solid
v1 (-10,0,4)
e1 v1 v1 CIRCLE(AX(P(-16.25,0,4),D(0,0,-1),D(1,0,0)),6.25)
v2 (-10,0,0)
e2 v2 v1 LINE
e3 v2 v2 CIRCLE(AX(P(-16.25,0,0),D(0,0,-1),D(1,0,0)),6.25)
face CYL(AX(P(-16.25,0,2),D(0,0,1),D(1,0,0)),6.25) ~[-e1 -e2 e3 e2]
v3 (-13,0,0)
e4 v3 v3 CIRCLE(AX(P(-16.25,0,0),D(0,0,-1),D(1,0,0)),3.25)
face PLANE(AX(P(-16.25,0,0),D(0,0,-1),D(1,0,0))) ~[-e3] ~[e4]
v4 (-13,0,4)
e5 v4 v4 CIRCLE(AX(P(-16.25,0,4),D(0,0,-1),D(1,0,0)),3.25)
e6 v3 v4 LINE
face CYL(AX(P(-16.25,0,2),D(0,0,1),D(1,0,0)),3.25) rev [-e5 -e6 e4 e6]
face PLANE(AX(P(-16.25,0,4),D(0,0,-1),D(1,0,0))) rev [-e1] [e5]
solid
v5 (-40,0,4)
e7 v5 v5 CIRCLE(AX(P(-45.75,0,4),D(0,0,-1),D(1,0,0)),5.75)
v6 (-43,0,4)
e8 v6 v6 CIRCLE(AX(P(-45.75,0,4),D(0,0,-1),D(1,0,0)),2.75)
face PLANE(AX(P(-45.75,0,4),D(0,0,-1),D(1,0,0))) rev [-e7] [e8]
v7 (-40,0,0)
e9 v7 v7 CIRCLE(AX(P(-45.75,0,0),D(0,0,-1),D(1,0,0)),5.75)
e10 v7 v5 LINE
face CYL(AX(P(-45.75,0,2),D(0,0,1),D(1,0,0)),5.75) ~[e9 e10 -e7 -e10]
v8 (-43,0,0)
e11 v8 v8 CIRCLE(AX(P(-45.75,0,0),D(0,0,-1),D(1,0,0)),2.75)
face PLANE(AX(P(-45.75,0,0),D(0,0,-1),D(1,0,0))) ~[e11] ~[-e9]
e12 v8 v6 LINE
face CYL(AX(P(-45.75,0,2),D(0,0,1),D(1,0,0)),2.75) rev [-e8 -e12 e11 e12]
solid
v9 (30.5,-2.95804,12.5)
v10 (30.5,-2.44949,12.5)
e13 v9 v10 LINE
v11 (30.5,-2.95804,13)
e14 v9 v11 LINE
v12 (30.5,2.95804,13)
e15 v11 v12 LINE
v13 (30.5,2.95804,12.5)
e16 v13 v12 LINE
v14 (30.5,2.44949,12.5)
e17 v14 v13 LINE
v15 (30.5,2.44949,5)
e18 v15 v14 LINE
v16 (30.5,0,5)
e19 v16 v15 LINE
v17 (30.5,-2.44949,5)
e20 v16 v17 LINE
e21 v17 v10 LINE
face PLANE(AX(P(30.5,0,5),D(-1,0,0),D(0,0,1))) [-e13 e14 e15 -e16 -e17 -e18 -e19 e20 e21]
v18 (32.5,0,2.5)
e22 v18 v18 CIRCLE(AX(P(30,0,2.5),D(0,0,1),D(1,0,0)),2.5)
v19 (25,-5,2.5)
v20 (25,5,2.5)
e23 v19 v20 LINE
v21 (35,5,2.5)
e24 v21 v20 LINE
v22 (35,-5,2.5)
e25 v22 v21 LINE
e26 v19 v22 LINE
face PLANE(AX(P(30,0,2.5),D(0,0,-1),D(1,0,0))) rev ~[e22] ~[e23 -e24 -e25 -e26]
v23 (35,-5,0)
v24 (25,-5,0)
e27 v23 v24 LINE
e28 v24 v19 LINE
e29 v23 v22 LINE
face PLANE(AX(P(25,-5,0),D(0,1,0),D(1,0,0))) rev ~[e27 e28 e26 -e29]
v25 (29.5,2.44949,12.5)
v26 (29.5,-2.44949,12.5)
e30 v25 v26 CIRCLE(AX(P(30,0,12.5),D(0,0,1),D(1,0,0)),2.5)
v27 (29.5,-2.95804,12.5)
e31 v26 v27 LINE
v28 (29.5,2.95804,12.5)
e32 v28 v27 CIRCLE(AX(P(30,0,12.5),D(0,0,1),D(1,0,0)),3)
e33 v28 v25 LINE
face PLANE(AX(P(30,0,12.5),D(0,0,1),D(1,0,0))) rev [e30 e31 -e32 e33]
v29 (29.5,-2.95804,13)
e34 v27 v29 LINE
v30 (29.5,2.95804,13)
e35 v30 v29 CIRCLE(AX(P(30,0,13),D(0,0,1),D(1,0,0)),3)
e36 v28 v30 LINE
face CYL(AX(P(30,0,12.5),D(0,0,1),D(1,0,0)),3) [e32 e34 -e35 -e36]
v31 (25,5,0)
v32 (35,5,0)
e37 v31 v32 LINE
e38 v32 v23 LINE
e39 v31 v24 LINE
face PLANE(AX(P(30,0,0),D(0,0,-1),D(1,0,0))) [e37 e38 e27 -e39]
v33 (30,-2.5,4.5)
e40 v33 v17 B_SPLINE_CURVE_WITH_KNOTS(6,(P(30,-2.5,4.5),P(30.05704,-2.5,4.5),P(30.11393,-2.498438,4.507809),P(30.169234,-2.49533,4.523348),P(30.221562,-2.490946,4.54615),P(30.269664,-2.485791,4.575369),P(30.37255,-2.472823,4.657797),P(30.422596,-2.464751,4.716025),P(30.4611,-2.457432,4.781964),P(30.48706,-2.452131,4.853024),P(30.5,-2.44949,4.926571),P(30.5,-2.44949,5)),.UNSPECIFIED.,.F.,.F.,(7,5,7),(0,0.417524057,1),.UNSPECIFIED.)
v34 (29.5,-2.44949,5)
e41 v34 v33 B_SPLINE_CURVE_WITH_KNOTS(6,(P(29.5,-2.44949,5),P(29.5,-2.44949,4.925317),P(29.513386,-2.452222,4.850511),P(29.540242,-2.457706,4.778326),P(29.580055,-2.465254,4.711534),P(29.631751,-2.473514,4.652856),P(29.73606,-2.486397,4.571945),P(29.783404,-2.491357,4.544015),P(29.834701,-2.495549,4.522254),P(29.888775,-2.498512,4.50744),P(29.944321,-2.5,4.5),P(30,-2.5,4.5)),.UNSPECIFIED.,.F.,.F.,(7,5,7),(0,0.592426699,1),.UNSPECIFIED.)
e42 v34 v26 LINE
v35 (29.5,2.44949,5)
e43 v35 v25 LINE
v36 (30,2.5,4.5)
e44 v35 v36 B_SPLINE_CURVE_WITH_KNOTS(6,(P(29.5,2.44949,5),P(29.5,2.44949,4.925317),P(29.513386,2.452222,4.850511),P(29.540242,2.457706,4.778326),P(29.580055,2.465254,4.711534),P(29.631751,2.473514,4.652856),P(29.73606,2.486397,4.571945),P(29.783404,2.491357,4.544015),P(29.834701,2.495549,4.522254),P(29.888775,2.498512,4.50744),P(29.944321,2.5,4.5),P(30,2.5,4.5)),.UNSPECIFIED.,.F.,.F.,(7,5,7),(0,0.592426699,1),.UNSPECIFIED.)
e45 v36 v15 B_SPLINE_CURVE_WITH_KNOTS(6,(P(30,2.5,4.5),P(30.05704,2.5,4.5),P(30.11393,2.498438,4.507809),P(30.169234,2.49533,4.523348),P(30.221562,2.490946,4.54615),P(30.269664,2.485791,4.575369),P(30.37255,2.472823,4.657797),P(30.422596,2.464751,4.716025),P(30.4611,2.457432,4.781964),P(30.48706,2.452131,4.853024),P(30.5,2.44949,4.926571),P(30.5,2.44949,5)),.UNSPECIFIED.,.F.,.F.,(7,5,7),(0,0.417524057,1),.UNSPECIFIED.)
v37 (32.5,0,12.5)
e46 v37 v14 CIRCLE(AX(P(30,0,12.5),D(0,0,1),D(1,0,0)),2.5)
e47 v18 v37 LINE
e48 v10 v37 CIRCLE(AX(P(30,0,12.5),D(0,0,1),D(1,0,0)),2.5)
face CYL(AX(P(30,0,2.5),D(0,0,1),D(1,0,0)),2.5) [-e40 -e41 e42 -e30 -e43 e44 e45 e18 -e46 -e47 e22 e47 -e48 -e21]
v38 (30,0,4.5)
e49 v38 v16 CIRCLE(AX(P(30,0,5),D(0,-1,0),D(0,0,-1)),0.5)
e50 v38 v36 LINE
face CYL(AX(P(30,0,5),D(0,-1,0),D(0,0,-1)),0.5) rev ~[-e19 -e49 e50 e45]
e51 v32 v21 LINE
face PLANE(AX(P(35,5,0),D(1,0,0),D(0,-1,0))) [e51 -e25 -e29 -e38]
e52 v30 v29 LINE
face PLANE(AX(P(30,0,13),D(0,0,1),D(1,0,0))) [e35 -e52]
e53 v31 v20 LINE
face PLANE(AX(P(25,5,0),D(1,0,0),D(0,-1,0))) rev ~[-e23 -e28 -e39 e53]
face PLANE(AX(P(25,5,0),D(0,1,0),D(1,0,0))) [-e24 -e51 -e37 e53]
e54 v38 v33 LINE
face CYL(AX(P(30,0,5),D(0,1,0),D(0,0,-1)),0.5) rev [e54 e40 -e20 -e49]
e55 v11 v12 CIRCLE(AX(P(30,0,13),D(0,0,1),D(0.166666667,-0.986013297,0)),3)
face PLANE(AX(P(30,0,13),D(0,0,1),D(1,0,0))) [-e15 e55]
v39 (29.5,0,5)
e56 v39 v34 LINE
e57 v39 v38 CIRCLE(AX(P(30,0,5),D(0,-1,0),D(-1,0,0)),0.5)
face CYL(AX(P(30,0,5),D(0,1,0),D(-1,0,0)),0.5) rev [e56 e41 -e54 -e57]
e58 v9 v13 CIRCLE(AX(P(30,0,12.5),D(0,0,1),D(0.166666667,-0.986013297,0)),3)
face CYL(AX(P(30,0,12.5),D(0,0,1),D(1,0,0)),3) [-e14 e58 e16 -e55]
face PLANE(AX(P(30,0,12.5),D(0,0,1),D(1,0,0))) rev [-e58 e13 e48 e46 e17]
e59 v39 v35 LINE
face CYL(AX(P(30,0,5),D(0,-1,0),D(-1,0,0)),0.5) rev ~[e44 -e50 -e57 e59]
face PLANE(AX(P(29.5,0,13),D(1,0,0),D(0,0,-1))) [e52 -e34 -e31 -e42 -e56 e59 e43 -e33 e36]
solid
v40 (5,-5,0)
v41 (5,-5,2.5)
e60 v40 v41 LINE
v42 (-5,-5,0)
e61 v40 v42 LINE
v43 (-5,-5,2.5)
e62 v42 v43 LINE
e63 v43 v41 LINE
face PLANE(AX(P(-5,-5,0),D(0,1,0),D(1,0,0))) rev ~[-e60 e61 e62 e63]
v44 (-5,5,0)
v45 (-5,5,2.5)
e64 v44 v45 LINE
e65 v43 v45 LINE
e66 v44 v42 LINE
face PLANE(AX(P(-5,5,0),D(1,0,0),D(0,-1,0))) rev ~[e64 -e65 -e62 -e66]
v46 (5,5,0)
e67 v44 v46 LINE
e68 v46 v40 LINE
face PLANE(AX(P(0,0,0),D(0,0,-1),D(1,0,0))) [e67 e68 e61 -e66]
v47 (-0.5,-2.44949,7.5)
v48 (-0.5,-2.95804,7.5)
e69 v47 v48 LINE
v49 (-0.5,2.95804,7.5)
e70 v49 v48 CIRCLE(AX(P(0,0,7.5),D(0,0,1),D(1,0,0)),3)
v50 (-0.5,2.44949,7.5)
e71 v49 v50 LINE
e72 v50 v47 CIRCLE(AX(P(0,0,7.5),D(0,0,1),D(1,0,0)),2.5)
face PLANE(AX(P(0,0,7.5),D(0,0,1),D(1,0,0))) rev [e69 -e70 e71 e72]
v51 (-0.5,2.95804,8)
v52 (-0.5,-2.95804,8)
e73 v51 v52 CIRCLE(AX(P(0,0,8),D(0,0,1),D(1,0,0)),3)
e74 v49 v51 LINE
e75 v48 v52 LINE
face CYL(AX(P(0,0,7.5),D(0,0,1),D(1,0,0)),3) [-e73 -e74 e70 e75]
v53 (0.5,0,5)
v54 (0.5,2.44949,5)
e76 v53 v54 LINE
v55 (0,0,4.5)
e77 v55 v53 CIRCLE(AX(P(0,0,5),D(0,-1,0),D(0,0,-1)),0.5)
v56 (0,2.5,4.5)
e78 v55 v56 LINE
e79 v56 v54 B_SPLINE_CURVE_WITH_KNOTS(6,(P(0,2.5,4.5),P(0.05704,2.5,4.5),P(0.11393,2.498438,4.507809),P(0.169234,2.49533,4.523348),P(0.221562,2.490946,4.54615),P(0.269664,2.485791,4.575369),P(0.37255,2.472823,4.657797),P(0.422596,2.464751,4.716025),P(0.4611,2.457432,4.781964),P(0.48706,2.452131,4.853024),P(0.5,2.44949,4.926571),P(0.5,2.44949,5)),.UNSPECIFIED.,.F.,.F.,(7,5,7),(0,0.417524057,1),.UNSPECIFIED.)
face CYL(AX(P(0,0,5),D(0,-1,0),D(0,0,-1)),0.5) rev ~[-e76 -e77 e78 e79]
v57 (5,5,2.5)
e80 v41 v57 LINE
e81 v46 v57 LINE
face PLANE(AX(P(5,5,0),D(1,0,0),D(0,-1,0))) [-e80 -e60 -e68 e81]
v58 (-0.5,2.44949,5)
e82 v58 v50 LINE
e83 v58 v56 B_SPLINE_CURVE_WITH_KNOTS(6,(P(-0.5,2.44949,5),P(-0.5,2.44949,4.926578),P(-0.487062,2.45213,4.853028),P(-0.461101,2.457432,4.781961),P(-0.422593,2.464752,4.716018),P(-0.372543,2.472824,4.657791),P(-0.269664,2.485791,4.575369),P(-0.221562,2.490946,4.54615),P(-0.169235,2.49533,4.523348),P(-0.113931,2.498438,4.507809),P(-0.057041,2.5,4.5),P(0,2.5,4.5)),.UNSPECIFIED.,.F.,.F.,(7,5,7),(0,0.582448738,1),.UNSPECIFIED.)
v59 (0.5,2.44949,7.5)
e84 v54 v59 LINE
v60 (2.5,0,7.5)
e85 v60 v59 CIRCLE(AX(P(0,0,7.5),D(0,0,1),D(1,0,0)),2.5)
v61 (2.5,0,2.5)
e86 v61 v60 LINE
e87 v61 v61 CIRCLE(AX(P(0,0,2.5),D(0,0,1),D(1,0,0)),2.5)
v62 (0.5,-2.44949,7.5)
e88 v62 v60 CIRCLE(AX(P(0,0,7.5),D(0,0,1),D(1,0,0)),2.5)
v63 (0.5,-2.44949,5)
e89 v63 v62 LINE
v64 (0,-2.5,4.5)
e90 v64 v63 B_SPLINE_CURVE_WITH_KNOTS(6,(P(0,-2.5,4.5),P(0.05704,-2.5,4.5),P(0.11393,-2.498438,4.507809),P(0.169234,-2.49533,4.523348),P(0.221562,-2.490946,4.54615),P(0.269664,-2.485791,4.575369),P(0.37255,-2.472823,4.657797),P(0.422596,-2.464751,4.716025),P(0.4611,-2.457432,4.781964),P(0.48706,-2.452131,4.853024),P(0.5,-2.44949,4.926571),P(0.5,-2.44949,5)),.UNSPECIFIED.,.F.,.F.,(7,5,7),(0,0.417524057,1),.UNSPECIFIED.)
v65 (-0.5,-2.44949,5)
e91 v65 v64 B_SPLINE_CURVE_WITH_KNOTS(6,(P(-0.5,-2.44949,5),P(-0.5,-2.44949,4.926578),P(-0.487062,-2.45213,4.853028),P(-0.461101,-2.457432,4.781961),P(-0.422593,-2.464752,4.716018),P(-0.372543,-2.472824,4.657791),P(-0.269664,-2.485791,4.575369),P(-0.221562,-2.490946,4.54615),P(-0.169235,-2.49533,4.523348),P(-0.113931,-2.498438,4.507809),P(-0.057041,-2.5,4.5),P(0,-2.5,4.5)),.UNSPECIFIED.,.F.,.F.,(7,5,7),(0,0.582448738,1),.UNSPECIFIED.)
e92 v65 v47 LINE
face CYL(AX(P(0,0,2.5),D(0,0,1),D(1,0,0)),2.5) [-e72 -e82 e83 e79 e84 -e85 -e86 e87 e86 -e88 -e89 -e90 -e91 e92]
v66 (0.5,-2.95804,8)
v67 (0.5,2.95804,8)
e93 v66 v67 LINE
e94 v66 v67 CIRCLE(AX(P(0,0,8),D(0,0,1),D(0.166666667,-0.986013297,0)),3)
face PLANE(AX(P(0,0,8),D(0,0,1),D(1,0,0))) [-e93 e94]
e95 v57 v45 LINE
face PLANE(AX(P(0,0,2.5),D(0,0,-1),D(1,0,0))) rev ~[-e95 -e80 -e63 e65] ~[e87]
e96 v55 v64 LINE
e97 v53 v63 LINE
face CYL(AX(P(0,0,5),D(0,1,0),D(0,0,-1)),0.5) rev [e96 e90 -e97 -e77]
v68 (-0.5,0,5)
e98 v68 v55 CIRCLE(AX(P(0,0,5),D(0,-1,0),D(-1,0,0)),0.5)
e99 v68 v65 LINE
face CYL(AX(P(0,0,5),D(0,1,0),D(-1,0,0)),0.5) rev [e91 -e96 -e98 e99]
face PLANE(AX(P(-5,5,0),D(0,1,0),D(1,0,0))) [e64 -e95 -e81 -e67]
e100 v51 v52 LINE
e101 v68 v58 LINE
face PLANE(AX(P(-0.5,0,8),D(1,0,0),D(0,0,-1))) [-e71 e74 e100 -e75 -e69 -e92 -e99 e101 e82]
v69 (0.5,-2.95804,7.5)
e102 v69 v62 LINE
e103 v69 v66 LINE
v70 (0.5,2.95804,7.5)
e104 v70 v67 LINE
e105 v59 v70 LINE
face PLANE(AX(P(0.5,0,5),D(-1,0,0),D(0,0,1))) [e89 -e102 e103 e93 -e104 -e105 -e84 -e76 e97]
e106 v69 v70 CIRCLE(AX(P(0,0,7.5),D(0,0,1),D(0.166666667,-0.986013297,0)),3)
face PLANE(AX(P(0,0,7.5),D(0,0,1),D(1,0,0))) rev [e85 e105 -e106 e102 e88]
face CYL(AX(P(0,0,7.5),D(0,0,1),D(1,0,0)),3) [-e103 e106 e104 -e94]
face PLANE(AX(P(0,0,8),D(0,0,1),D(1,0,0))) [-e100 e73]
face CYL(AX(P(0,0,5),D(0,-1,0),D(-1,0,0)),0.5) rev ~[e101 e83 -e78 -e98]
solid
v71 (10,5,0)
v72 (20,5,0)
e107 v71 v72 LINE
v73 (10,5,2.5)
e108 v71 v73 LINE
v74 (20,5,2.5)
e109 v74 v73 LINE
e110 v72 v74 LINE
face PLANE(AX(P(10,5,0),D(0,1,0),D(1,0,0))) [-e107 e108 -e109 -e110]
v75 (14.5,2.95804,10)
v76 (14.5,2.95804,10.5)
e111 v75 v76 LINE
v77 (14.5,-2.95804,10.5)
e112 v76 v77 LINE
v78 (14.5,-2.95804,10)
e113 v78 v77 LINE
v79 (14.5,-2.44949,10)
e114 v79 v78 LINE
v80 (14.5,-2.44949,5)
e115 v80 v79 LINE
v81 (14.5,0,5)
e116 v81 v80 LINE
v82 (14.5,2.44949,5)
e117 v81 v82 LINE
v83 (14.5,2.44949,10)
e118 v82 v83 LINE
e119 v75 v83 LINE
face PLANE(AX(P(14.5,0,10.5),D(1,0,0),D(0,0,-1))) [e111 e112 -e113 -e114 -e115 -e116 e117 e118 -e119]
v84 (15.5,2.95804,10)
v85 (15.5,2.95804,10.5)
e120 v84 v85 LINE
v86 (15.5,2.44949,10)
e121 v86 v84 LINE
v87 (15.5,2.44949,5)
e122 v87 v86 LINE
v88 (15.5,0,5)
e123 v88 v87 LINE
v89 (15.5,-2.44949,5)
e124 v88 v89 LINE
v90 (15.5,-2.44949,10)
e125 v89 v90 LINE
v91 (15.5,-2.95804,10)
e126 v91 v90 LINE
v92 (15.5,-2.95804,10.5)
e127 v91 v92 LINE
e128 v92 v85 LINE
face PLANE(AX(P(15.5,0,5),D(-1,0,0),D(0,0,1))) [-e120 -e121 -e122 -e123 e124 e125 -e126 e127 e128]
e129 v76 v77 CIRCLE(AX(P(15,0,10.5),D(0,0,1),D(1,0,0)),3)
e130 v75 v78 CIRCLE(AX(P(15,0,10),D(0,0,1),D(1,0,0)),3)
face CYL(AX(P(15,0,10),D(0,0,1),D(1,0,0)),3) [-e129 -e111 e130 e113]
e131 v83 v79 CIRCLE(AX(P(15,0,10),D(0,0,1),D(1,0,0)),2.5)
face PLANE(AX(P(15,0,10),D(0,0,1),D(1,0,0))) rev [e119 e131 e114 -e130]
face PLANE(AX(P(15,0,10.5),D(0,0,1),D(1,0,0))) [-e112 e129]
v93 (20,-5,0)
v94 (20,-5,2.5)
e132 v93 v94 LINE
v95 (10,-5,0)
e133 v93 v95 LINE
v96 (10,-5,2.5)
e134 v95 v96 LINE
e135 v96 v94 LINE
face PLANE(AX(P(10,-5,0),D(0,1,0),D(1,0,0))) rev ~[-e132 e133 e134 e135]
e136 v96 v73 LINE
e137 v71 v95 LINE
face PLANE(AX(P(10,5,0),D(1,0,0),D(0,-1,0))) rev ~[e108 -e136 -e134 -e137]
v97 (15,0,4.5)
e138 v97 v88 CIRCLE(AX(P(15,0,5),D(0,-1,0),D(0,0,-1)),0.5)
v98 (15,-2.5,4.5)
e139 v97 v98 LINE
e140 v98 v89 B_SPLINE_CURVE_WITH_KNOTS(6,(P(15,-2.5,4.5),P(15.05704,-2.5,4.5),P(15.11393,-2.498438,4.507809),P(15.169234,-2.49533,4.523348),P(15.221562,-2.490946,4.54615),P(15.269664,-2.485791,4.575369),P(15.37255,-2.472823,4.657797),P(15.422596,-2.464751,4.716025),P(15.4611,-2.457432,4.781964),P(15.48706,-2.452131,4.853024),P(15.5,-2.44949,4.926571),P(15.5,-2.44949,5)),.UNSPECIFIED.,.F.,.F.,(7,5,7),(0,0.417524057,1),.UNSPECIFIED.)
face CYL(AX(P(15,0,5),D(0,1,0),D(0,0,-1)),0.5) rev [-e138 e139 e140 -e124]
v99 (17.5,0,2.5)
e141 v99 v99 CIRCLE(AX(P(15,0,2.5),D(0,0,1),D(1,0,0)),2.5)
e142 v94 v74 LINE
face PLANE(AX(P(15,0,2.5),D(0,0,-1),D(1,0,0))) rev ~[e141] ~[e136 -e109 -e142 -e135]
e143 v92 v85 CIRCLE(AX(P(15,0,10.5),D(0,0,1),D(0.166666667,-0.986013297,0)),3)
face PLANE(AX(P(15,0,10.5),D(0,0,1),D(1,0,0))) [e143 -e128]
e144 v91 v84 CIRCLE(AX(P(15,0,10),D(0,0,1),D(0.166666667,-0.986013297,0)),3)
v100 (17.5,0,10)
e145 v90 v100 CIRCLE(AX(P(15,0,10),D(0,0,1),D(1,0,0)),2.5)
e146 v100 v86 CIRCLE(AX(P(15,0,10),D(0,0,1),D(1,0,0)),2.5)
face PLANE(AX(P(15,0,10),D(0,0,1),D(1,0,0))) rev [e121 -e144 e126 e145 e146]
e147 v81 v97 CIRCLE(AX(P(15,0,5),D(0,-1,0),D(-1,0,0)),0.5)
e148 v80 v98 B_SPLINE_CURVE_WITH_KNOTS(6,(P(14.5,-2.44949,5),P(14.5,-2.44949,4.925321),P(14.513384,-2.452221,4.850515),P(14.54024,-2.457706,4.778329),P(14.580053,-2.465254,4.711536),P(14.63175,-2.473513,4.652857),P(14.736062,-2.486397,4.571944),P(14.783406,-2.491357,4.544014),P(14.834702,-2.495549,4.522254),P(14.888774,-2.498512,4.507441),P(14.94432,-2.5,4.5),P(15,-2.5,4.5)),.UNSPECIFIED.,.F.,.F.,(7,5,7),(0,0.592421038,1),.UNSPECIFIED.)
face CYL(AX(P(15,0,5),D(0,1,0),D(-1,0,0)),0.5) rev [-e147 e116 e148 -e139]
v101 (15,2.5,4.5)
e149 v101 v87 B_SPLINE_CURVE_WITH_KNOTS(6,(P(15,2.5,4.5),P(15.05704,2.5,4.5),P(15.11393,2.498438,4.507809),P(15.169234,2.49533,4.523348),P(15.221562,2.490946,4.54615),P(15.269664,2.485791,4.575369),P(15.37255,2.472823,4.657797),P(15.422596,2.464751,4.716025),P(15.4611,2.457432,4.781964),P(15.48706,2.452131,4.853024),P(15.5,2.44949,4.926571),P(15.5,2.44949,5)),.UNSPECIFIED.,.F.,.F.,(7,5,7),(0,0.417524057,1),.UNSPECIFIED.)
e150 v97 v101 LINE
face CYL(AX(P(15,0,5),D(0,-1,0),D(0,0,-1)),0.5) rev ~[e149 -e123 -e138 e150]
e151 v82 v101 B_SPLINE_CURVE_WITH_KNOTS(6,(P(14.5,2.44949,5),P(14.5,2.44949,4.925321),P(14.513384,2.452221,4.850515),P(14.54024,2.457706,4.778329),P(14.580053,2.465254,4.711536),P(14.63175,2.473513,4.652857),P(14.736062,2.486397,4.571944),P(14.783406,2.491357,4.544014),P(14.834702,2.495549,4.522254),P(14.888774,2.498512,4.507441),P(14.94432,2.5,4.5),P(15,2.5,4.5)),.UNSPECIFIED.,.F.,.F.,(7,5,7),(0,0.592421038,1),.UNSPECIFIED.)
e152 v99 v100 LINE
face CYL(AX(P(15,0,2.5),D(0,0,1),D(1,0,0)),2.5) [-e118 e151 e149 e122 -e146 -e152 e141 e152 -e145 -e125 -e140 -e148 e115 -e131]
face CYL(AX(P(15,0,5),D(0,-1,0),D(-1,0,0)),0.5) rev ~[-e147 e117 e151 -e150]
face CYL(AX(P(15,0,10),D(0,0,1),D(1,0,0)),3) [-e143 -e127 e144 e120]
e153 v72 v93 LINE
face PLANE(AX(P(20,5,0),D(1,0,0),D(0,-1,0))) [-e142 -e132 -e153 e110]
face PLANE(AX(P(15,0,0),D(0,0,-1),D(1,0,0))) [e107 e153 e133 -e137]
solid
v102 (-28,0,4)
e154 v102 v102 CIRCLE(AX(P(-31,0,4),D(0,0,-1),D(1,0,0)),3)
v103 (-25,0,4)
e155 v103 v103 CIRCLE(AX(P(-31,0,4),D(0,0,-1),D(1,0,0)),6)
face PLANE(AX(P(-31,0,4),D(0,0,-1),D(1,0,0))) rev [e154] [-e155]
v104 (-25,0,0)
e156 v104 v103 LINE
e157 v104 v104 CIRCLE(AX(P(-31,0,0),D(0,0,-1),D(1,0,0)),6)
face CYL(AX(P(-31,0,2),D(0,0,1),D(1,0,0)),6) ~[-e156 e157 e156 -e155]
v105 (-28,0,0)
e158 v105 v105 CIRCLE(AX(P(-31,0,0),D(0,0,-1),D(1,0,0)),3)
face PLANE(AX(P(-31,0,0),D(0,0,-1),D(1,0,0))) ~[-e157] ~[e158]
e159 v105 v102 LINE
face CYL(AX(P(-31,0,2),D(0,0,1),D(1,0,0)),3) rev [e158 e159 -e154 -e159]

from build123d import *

# Parameters (mm, degrees)
F5_DEPTH      = 25
F5_DEPTH_BACK = 25
F6_W          = 3
F6_H          = 4
F10_W         = 10
F10_H         = 10
F11_DEPTH     = 2.5


with BuildPart() as f1:
    # F0 (on Front) → F1 (revolve)
    with BuildSketch(Plane.XZ):
        Polygon((3, 8), (0, 8), (0, 0), (5, 0), (5, 2.5), (2.5, 2.5), (2.5, 7.5), (3, 7.5), align=None)
    revolve(axis=Axis((0, 0, 8.1081883982), (0, 0, 1)))


with BuildPart() as f2:
    # F0 (on Front) → F2 (revolve)
    with BuildSketch(Plane.XZ):
        Polygon((18, 10.5), (15, 10.5), (15, 0), (20, 0), (20, 2.5), (17.5, 2.5), (17.5, 10), (18, 10), align=None)
    revolve(axis=Axis((15, 0, 7.5201606378), (0, 0, 1)))


with BuildPart() as f3:
    # F0 (on Front) → F3 (revolve)
    with BuildSketch(Plane.XZ):
        Polygon((33, 13), (30, 13), (30, 0), (35, 0), (35, 2.5), (32.5, 2.5), (32.5, 12.5), (33, 12.5), align=None)
    revolve(axis=Axis((30, 0, 13.954574092), (0, 0, 1)))


with BuildPart() as f5_tool:
    # F4 (on Front) → F5 (new body, two sides)
    with BuildSketch(Plane.XZ) as f5_sk:
        with BuildLine():
            Line((0.5, 8), (0, 8))
            Line((0, 8), (-0.5, 8))
            Line((-0.5, 8), (-0.5, 5))
            ThreePointArc((-0.5, 5), (-0.3535533906, 4.6464466094), (0, 4.5))
            ThreePointArc((0, 4.5), (0.3535533906, 4.6464466094), (0.5, 5))
            Line((0.5, 5), (0.5, 8))
        make_face()
        with BuildLine():
            Line((15.5, 10.5), (15, 10.5))
            Line((15, 10.5), (14.5, 10.5))
            Line((14.5, 10.5), (14.5, 5))
            ThreePointArc((14.5, 5), (14.6464466094, 4.6464466094), (15, 4.5))
            ThreePointArc((15, 4.5), (15.3535533906, 4.6464466094), (15.5, 5))
            Line((15.5, 5), (15.5, 10.5))
        make_face()
        with BuildLine():
            Line((30.5, 13), (30, 13))
            Line((30, 13), (29.5, 13))
            Line((29.5, 13), (29.5, 5))
            ThreePointArc((29.5, 5), (29.6464466094, 4.6464466094), (30, 4.5))
            ThreePointArc((30, 4.5), (30.3535533906, 4.6464466094), (30.5, 5))
            Line((30.5, 5), (30.5, 13))
        make_face()
    extrude(amount=-F5_DEPTH)
    extrude(f5_sk.sketch, amount=F5_DEPTH_BACK)


with BuildPart() as f1_1:
    add(f1.part)

    # F5: cut by f5_tool
    add(f5_tool.part, mode=Mode.SUBTRACT)

    # F10 (on face) → F11 (join, through all)
    with BuildSketch(Plane(origin=(0, 0, 0), x_dir=(1, 0, 0), z_dir=(0, 0, -1))):
        Rectangle(F10_W, F10_H)
    extrude(amount=-F11_DEPTH)


with BuildPart() as f2_1:
    add(f2.part)

    # F5: cut by f5_tool
    add(f5_tool.part, mode=Mode.SUBTRACT)

    # F10 (on face) → F11, piece 2 (join, through all)
    with BuildSketch(Plane(origin=(0, 0, 0), x_dir=(1, 0, 0), z_dir=(0, 0, -1))):
        with Locations((15, 0)):
            Rectangle(F10_W, F10_H)
    extrude(amount=-F11_DEPTH)


with BuildPart() as f3_1:
    add(f3.part)

    # F5: cut by f5_tool
    add(f5_tool.part, mode=Mode.SUBTRACT)

    # F10 (on face) → F11, piece 3 (join, through all)
    with BuildSketch(Plane(origin=(0, 0, 0), x_dir=(1, 0, 0), z_dir=(0, 0, -1))):
        with Locations((30, 0)):
            Rectangle(F10_W, F10_H)
    extrude(amount=-F11_DEPTH)


with BuildPart() as f7:
    # F6 (on Front) → F7 (revolve)
    with BuildSketch(Plane.XZ):
        with Locations((-11.5, 2)):
            Rectangle(F6_W, F6_H)
    revolve(axis=Axis((-16.25, 0, 6.1969419535), (0, 0, -1)))


with BuildPart() as f8:
    # F6 (on Front) → F8 (revolve)
    with BuildSketch(Plane.XZ):
        with Locations((-26.5, 2)):
            Rectangle(F6_W, F6_H)
    revolve(axis=Axis((-31, 0, 5.8758527754), (0, 0, -1)))


with BuildPart() as f9:
    # F6 (on Front) → F9 (revolve)
    with BuildSketch(Plane.XZ):
        with Locations((-41.5, 2)):
            Rectangle(F6_W, F6_H)
    revolve(axis=Axis((-45.75, 0, 7.1673819649), (0, 0, -1)))


solid = Compound([f1_1.part, f2_1.part, f3_1.part, f7.part, f8.part, f9.part])
